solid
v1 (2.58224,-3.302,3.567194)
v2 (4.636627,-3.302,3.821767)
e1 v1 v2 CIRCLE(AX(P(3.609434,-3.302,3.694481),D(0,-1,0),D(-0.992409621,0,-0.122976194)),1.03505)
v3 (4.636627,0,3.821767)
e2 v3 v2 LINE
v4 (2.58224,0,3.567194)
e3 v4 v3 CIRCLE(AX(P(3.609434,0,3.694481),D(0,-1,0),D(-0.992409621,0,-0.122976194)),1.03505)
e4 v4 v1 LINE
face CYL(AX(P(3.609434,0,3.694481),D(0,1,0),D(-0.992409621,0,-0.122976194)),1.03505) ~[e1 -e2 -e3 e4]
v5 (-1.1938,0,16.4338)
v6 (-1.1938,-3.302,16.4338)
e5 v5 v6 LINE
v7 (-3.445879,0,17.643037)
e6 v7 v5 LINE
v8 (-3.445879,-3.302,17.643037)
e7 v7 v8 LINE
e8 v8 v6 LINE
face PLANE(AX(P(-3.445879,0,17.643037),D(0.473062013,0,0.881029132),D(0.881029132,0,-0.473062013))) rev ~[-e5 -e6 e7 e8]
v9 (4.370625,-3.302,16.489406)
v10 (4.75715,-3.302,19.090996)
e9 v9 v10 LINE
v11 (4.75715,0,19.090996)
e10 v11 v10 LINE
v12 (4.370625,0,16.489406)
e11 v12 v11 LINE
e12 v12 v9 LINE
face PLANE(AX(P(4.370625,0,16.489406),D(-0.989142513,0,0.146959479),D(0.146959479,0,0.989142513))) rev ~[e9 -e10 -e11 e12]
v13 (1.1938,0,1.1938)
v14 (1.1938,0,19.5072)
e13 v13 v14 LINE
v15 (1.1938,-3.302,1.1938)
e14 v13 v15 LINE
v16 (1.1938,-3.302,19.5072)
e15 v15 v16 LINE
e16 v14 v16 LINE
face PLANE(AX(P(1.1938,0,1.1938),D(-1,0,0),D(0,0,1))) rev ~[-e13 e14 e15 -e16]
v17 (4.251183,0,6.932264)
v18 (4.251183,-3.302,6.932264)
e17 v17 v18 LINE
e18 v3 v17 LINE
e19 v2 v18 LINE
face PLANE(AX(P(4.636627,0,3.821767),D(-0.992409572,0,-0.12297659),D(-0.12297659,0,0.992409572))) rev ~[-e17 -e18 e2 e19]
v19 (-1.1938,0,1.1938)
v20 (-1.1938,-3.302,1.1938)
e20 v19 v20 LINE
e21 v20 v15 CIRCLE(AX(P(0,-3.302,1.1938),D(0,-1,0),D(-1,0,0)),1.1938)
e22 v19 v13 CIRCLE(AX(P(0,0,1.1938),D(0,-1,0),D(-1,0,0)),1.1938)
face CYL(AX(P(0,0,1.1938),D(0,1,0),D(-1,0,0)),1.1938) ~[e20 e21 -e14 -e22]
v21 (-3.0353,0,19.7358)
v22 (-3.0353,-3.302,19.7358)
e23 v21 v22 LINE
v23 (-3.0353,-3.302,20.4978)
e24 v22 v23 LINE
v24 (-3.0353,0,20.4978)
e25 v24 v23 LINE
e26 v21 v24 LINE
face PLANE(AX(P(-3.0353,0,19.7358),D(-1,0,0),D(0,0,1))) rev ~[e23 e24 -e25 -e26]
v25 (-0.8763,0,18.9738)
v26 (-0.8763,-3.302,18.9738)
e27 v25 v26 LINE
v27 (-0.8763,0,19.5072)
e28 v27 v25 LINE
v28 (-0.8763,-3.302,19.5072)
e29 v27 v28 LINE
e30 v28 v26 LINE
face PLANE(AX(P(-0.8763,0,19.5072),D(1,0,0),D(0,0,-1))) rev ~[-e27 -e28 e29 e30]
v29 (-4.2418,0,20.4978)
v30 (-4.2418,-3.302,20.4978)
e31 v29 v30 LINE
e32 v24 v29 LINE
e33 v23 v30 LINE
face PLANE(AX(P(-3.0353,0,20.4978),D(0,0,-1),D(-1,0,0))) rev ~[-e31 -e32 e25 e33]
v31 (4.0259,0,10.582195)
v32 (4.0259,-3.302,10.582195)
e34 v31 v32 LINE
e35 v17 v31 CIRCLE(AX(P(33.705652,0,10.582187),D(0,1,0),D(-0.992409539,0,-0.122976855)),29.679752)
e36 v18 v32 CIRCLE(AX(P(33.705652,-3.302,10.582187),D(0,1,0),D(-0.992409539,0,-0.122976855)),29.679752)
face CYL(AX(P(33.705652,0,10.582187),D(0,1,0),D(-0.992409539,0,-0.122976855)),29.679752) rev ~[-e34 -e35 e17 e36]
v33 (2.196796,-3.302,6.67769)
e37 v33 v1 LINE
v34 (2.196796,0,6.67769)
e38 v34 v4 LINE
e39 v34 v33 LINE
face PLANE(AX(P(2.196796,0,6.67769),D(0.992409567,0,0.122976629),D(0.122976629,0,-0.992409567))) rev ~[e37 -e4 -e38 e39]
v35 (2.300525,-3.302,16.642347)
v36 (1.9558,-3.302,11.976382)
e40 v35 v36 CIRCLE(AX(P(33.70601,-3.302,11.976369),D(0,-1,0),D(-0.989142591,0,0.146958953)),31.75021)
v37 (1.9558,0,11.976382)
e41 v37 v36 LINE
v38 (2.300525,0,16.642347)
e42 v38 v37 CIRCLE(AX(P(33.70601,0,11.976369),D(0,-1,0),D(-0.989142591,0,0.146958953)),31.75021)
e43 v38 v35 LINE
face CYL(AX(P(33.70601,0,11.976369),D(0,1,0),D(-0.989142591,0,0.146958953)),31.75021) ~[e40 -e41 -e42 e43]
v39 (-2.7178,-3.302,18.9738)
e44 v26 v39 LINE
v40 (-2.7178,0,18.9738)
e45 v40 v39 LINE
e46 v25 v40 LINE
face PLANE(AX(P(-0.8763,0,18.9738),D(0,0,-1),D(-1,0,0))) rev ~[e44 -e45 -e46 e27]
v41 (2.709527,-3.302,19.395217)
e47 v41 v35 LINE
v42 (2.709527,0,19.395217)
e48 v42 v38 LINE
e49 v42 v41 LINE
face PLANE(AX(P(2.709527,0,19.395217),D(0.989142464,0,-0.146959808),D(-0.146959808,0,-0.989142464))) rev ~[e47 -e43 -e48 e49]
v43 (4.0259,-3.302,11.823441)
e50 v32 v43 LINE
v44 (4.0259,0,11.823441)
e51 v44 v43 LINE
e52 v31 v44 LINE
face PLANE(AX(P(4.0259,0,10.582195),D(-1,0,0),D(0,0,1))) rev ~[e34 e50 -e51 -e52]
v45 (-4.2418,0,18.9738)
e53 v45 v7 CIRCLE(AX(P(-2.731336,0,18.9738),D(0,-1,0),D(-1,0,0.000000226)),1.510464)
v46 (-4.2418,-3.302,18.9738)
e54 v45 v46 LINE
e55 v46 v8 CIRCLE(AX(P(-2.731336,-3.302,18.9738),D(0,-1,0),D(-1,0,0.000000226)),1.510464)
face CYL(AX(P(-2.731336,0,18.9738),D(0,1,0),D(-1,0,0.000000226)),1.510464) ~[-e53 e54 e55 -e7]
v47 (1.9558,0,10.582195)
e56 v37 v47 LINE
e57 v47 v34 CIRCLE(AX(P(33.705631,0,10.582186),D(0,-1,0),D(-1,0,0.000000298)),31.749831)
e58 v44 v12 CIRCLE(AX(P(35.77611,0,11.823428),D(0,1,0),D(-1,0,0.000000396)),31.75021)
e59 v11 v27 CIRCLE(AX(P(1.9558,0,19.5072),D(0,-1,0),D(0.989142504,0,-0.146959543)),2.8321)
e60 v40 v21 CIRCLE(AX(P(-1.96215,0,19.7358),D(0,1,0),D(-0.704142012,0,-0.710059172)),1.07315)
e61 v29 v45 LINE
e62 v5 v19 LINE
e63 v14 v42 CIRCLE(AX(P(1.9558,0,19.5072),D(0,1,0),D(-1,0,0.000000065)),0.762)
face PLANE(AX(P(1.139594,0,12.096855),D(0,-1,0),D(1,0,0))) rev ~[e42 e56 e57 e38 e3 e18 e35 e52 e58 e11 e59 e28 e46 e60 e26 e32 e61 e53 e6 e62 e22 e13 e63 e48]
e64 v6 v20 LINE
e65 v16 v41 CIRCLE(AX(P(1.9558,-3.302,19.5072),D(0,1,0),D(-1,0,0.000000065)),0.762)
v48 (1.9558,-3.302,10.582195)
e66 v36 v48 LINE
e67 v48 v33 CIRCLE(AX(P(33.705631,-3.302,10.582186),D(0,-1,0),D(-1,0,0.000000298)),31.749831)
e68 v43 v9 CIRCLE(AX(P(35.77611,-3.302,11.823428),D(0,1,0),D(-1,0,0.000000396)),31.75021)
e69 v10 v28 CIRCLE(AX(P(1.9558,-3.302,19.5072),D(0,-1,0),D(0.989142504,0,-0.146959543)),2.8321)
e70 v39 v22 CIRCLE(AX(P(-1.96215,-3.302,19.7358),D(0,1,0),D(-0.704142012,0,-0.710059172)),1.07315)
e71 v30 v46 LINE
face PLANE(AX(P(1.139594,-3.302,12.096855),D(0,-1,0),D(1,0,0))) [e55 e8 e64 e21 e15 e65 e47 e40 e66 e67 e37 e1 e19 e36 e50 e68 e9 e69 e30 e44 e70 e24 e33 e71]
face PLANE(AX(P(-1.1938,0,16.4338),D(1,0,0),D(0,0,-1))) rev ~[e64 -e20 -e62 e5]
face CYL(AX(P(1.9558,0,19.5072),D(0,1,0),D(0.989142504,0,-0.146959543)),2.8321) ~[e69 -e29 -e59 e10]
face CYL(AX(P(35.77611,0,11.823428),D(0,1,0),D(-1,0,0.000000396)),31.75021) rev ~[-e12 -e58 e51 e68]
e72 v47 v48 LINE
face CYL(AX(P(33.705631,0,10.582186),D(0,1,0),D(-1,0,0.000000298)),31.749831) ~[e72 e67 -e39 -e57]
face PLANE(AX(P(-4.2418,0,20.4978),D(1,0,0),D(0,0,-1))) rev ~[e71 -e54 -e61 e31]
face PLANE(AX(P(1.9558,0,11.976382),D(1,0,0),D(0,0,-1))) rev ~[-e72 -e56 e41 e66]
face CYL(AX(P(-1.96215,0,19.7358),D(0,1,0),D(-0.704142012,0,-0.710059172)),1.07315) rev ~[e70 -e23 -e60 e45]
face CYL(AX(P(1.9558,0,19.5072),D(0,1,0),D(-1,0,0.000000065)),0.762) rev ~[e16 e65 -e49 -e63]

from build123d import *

# Parameters (mm, degrees)
F1_DEPTH = 3.302


with BuildPart() as f1:
    # F0 (on Front) → F1 (new body)
    with BuildSketch(Plane.XZ):
        with BuildLine():
            Line((-1.1938, 18.9738), (-2.7178, 18.9738))
            ThreePointArc((-2.7178, 18.9738), (-2.95275, 19.32305), (-3.0353, 19.7358))
            Line((-3.0353, 19.7358), (-3.0353, 20.4978))
            Line((-3.0353, 20.4978), (-4.2418, 20.4978))
            Line((-4.2418, 20.4978), (-4.2418, 18.9738))
            ThreePointArc((-4.2418, 18.9738), (-4.027637, 18.19849), (-3.445879, 17.643037))
            Line((-3.445879, 17.643037), (-1.1938, 16.4338))
            Line((-1.1938, 16.4338), (-1.1938, 1.1938))
            ThreePointArc((-1.1938, 1.1938), (0, 0), (1.1938, 1.1938))
            Line((1.1938, 1.1938), (1.1938, 19.5072))
            ThreePointArc((1.1938, 19.5072), (2.011944, 20.267129), (2.709527, 19.395217))
            Line((2.709527, 19.395217), (2.300525, 16.642347))
            ThreePointArc((2.300525, 16.642347), (2.042099, 14.315723), (1.9558, 11.976382))
            Line((1.9558, 11.976382), (1.9558, 10.582195))
            ThreePointArc((1.9558, 10.582195), (2.016106, 8.626227), (2.196796, 6.67769))
            Line((2.196796, 6.67769), (2.58224, 3.567194))
            ThreePointArc((2.58224, 3.567194), (3.73672, 2.667287), (4.636627, 3.821767))
            Line((4.636627, 3.821767), (4.251183, 6.932264))
            ThreePointArc((4.251183, 6.932264), (4.082274, 8.753757), (4.0259, 10.582195))
            Line((4.0259, 10.582195), (4.0259, 11.823441))
            ThreePointArc((4.0259, 11.823441), (4.112199, 14.162782), (4.370625, 16.489406))
            Line((4.370625, 16.489406), (4.75715, 19.090996))
            ThreePointArc((4.75715, 19.090996), (2.164469, 22.331602), (-0.8763, 19.5072))
            Line((-0.8763, 19.5072), (-0.8763, 18.9738))
            Line((-0.8763, 18.9738), (-1.1938, 18.9738))
        make_face()
    extrude(amount=F1_DEPTH)


solid = f1.part
